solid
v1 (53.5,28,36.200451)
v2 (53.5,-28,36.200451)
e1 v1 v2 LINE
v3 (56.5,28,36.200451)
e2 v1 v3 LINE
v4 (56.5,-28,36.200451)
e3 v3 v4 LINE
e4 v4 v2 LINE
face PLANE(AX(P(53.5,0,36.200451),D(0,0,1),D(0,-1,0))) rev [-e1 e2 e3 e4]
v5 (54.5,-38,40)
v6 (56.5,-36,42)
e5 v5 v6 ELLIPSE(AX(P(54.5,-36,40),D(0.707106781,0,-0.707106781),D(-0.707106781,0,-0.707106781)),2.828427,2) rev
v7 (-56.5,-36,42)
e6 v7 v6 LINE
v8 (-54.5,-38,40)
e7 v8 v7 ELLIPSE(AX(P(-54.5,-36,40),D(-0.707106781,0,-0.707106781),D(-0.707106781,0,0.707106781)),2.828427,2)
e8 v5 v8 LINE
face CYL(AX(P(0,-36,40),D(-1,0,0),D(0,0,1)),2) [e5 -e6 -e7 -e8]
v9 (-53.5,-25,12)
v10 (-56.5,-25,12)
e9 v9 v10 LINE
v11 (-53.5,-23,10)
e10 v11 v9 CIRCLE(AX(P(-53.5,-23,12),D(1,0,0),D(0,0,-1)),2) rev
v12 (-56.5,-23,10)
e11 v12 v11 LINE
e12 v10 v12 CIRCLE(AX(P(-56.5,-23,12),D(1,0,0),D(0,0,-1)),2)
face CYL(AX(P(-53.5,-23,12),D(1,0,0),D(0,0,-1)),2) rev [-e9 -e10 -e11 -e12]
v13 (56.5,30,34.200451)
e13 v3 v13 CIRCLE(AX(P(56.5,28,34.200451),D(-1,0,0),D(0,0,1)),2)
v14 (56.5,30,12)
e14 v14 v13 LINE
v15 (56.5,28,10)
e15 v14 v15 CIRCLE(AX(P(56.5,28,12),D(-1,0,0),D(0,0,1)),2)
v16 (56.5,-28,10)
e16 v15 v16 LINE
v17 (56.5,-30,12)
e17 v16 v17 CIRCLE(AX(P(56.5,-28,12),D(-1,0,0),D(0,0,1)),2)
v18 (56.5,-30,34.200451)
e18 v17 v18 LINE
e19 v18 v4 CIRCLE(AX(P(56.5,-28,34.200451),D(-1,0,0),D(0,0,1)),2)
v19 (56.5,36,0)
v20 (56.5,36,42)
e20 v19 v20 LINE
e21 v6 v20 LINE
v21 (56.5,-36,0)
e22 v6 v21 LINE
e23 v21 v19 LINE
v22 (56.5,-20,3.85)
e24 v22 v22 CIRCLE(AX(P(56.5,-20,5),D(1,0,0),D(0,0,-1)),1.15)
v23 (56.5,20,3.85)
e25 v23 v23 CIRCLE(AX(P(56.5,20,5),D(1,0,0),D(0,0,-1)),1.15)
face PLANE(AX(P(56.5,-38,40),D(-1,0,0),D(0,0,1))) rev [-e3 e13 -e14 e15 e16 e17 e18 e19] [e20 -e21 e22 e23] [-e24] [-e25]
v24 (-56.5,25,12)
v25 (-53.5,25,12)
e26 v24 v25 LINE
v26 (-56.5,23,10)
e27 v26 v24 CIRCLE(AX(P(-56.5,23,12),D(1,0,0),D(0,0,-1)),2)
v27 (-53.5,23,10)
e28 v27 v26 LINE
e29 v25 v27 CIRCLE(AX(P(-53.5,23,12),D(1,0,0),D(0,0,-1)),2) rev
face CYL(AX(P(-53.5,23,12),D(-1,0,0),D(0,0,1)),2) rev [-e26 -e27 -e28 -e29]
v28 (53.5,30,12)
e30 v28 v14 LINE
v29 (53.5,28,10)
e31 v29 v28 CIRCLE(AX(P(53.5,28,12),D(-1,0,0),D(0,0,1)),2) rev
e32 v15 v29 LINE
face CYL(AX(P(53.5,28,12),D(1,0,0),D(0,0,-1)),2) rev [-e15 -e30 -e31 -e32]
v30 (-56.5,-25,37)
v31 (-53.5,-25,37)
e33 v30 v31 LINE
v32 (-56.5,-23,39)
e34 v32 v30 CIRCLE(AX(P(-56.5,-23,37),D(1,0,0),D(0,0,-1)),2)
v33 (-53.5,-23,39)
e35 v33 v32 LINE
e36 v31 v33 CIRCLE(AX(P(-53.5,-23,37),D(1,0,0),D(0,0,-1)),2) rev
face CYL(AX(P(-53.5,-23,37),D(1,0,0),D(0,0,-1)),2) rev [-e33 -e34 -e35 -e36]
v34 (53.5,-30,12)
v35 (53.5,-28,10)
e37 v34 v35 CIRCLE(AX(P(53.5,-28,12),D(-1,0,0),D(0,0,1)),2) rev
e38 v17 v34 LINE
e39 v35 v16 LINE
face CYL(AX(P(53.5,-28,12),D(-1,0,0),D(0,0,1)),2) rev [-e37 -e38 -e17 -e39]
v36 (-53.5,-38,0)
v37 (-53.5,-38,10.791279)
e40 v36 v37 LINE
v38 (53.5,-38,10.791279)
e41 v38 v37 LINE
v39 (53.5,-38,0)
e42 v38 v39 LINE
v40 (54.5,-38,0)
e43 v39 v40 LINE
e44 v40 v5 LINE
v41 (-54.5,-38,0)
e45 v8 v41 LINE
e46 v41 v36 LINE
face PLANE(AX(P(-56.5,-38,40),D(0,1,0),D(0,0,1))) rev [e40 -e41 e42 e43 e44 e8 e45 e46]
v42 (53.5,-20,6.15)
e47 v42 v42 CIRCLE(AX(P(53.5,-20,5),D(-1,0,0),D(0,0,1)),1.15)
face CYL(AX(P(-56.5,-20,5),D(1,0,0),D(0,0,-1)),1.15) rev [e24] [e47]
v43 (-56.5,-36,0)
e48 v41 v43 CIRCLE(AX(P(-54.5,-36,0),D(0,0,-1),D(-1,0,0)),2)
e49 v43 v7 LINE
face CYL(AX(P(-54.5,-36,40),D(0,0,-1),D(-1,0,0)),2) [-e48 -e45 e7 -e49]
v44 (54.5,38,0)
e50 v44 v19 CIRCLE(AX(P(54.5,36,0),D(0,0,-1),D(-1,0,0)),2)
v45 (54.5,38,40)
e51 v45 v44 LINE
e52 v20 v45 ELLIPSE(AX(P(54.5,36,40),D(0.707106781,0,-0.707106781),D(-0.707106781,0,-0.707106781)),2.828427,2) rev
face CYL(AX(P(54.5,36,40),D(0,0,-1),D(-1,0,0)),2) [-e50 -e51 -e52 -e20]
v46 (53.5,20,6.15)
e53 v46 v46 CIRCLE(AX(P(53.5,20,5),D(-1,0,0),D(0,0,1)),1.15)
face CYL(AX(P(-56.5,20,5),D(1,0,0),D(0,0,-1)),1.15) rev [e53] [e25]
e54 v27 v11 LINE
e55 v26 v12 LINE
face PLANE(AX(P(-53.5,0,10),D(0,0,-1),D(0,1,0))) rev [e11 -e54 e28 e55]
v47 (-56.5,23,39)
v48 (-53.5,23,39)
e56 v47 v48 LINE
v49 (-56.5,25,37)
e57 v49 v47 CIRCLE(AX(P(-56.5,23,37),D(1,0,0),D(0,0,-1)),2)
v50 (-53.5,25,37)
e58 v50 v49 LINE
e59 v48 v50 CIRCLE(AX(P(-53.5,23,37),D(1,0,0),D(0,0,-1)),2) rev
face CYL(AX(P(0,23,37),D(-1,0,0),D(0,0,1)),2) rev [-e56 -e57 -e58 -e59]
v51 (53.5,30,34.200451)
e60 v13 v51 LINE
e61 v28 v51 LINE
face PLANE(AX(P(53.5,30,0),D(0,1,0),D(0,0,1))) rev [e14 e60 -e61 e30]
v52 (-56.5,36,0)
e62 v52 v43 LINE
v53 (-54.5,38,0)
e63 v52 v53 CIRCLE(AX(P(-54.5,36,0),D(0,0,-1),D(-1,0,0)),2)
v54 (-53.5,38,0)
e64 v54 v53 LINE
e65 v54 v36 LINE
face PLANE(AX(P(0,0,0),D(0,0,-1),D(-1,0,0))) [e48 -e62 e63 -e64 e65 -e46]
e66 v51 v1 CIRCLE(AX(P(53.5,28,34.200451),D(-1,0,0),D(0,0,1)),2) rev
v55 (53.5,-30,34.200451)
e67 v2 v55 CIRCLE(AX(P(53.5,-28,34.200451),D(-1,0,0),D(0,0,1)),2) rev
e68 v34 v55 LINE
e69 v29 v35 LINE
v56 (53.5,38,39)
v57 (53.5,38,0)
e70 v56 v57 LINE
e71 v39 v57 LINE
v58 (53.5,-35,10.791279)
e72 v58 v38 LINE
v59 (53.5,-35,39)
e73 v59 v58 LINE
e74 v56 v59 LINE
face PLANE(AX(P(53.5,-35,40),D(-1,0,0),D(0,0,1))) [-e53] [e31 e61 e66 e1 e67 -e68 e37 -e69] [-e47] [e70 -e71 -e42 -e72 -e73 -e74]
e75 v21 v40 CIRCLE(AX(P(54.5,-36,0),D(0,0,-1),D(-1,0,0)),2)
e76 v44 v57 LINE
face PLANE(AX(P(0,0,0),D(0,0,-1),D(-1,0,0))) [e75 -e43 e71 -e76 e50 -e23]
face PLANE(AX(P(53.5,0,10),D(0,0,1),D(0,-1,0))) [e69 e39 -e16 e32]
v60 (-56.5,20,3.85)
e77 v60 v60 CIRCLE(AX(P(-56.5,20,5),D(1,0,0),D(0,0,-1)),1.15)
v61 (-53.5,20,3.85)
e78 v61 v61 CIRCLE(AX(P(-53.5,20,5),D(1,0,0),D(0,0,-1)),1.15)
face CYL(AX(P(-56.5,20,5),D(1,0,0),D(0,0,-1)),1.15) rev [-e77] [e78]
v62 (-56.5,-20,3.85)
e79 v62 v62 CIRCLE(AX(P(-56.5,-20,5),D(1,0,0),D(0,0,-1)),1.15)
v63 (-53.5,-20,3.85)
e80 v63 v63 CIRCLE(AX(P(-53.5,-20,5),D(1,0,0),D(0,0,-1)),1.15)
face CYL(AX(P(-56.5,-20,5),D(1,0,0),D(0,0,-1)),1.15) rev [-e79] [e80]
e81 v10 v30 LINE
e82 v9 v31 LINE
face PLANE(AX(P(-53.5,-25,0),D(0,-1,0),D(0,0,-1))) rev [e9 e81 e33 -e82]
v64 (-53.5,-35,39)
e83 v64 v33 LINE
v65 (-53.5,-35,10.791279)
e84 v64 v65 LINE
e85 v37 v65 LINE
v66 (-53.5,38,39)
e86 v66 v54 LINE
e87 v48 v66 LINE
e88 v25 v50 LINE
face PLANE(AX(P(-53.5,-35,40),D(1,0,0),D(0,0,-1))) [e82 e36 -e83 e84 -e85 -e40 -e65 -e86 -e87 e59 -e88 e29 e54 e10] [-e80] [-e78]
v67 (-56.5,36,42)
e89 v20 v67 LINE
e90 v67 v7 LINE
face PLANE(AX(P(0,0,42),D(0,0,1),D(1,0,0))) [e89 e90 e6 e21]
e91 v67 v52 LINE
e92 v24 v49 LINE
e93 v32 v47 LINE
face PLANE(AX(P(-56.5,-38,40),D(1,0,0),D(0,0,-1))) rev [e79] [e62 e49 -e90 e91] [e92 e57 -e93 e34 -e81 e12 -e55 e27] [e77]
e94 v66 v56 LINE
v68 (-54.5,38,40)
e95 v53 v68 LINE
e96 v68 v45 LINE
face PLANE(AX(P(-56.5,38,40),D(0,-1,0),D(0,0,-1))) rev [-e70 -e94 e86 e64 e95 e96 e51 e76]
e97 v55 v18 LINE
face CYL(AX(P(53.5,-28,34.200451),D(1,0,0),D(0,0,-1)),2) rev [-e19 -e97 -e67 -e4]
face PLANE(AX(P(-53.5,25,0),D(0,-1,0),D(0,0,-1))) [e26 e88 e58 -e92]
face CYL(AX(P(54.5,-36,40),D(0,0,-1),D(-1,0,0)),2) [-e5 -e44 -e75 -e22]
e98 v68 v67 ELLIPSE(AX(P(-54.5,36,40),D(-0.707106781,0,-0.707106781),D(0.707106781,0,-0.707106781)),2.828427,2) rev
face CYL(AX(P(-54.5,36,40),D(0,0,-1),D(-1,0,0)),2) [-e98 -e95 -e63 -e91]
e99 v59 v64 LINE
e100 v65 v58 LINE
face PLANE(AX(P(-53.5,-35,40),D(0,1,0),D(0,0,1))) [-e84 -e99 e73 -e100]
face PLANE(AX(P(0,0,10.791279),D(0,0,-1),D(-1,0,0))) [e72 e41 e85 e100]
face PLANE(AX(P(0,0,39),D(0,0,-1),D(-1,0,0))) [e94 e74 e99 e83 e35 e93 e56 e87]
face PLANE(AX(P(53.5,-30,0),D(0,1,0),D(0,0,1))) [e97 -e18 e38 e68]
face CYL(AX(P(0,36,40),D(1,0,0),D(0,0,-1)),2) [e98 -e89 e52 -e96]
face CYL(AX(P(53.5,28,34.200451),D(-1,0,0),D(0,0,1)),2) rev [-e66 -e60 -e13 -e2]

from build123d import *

# Parameters (mm, degrees)
SKETCH_1_W          = 113
SKETCH_1_H          = 76
SKETCH_1_W_2        = 107
SKETCH_1_H_2        = 70
EXTRUDE_1_DEPTH     = 40
SKETCH_2_W          = 113
SKETCH_2_H          = 76
EXTRUDE_2_DEPTH     = 2
SKETCH_3_R          = 1.05
CUT_EXTRUDE_1_DEPTH = 127.400158228
SKETCH_6_W          = 60
SKETCH_6_H          = 30
CUT_EXTRUDE_2_DEPTH = 102.416221582
SKETCH_7_W          = 107
SKETCH_7_H          = 8.791278805
CUT_EXTRUDE_3_DEPTH = 102.416221582
SKETCH_9_W          = 26.200451213
SKETCH_9_H          = 60
CUT_EXTRUDE_4_DEPTH = 3
SKETCH_10_W         = 30
SKETCH_10_H         = 50
CUT_EXTRUDE_5_DEPTH = 3
SKETCH_13_W         = 107
SKETCH_13_H         = 40
CUT_EXTRUDE_6_DEPTH = 3
SKETCH_17_W         = 113
SKETCH_17_H         = 76
EXTRUDE_4_DEPTH     = 1
SKETCH_18_W         = 107
SKETCH_18_H         = 3
CUT_EXTRUDE_7_DEPTH = 2
FILLET_1_R          = 2
SKETCH_19_R         = 1.15
CUT_EXTRUDE_8_DEPTH = 127.400158228


with BuildPart() as part:
    # 草图1 → 凸台-拉伸1 (new body)
    with BuildSketch(Plane.XY):
        Rectangle(SKETCH_1_W, SKETCH_1_H)
        Rectangle(SKETCH_1_W_2, SKETCH_1_H_2, mode=Mode.SUBTRACT)
    extrude(amount=EXTRUDE_1_DEPTH)

    # 草图2 → 凸台-拉伸2 (add)
    with BuildSketch(Plane.XY.offset(40)):
        Rectangle(SKETCH_2_W, SKETCH_2_H)
    extrude(amount=EXTRUDE_2_DEPTH)

    # 草图3 → 切除-拉伸1 (cut, through all)
    with BuildSketch(Plane.ZY.offset(56.5)):
        with Locations((5, 20)):
            Circle(SKETCH_3_R)
        with Locations(Location((5, -20, 0), (0, 0, 180))):
            Circle(SKETCH_3_R)
    extrude(amount=-CUT_EXTRUDE_1_DEPTH, mode=Mode.SUBTRACT)

    # 草图6 → 切除-拉伸2 (cut, through all)
    with BuildSketch(Plane.XZ.offset(-35)):
        with Locations((-23.5, 15)):
            Rectangle(SKETCH_6_W, SKETCH_6_H)
    extrude(amount=-CUT_EXTRUDE_2_DEPTH, mode=Mode.SUBTRACT)

    # 草图7 → 切除-拉伸3 (cut, through all)
    with BuildSketch(Plane(origin=(0, -35, 0), x_dir=(1, 0, 0), z_dir=(0, 1, 0))):
        with Locations((0, -4.395639403)):
            Rectangle(SKETCH_7_W, SKETCH_7_H)
    extrude(amount=-CUT_EXTRUDE_3_DEPTH, mode=Mode.SUBTRACT)

    # 草图9 → 切除-拉伸4 (cut)
    with BuildSketch(Plane(origin=(56.5, 0, 0), x_dir=(0, 0, -1), z_dir=(1, 0, 0))):
        with Locations((-23.100225607, 0)):
            Rectangle(SKETCH_9_W, SKETCH_9_H)
    extrude(amount=-CUT_EXTRUDE_4_DEPTH, mode=Mode.SUBTRACT)

    # 草图10 → 切除-拉伸5 (cut)
    with BuildSketch(Plane.ZY.offset(56.5)):
        with Locations((25, 0)):
            Rectangle(SKETCH_10_W, SKETCH_10_H)
    extrude(amount=-CUT_EXTRUDE_5_DEPTH, mode=Mode.SUBTRACT)

    # 草图13 → 切除-拉伸6 (cut)
    with BuildSketch(Plane(origin=(0, 38, 0), x_dir=(1, 0, 0), z_dir=(0, 1, 0))):
        with Locations((0, -20)):
            Rectangle(SKETCH_13_W, SKETCH_13_H)
    extrude(amount=-CUT_EXTRUDE_6_DEPTH, mode=Mode.SUBTRACT)

    # 草图17 → 凸台-拉伸4 (add)
    with BuildSketch(Plane(origin=(0, 0, 40), x_dir=(-1, 0, 0), z_dir=(0, 0, -1))):
        Rectangle(SKETCH_17_W, SKETCH_17_H)
    extrude(amount=EXTRUDE_4_DEPTH)

    # 草图18 → 切除-拉伸7 (cut)
    with BuildSketch(Plane(origin=(0, 0, 8.791278805), x_dir=(-1, 0, 0), z_dir=(0, 0, -1))):
        with Locations((0, -36.5)):
            Rectangle(SKETCH_18_W, SKETCH_18_H)
    extrude(amount=-CUT_EXTRUDE_7_DEPTH, mode=Mode.SUBTRACT)

    # 圆角1
    fillet_1_edges = [part.edges().sort_by_distance(p)[0] for p in [
        (-55, -25, 10),
        (-55, 25, 10),
        (-55, 25, 39),
        (-55, -25, 39),
        (0, -38, 42),
        (0, 38, 42),
        (-56.5, 38, 21),
        (56.5, 38, 21),
        (56.5, -38, 21),
        (-56.5, -38, 21),
        (55, 30, 36.200451213),
        (55, 30, 10),
        (55, -30, 10),
        (55, -30, 36.200451213),
    ]]
    fillet(fillet_1_edges, radius=FILLET_1_R)

    # 草图19 → 切除-拉伸8 (cut, through all)
    with BuildSketch(Plane(origin=(56.5, 0, 0), x_dir=(0, 0, -1), z_dir=(1, 0, 0))):
        with Locations((-5, 20)):
            Circle(SKETCH_19_R)
        with Locations((-5, -20)):
            Circle(SKETCH_19_R)
    extrude(amount=-CUT_EXTRUDE_8_DEPTH, mode=Mode.SUBTRACT)


solid = part.part
